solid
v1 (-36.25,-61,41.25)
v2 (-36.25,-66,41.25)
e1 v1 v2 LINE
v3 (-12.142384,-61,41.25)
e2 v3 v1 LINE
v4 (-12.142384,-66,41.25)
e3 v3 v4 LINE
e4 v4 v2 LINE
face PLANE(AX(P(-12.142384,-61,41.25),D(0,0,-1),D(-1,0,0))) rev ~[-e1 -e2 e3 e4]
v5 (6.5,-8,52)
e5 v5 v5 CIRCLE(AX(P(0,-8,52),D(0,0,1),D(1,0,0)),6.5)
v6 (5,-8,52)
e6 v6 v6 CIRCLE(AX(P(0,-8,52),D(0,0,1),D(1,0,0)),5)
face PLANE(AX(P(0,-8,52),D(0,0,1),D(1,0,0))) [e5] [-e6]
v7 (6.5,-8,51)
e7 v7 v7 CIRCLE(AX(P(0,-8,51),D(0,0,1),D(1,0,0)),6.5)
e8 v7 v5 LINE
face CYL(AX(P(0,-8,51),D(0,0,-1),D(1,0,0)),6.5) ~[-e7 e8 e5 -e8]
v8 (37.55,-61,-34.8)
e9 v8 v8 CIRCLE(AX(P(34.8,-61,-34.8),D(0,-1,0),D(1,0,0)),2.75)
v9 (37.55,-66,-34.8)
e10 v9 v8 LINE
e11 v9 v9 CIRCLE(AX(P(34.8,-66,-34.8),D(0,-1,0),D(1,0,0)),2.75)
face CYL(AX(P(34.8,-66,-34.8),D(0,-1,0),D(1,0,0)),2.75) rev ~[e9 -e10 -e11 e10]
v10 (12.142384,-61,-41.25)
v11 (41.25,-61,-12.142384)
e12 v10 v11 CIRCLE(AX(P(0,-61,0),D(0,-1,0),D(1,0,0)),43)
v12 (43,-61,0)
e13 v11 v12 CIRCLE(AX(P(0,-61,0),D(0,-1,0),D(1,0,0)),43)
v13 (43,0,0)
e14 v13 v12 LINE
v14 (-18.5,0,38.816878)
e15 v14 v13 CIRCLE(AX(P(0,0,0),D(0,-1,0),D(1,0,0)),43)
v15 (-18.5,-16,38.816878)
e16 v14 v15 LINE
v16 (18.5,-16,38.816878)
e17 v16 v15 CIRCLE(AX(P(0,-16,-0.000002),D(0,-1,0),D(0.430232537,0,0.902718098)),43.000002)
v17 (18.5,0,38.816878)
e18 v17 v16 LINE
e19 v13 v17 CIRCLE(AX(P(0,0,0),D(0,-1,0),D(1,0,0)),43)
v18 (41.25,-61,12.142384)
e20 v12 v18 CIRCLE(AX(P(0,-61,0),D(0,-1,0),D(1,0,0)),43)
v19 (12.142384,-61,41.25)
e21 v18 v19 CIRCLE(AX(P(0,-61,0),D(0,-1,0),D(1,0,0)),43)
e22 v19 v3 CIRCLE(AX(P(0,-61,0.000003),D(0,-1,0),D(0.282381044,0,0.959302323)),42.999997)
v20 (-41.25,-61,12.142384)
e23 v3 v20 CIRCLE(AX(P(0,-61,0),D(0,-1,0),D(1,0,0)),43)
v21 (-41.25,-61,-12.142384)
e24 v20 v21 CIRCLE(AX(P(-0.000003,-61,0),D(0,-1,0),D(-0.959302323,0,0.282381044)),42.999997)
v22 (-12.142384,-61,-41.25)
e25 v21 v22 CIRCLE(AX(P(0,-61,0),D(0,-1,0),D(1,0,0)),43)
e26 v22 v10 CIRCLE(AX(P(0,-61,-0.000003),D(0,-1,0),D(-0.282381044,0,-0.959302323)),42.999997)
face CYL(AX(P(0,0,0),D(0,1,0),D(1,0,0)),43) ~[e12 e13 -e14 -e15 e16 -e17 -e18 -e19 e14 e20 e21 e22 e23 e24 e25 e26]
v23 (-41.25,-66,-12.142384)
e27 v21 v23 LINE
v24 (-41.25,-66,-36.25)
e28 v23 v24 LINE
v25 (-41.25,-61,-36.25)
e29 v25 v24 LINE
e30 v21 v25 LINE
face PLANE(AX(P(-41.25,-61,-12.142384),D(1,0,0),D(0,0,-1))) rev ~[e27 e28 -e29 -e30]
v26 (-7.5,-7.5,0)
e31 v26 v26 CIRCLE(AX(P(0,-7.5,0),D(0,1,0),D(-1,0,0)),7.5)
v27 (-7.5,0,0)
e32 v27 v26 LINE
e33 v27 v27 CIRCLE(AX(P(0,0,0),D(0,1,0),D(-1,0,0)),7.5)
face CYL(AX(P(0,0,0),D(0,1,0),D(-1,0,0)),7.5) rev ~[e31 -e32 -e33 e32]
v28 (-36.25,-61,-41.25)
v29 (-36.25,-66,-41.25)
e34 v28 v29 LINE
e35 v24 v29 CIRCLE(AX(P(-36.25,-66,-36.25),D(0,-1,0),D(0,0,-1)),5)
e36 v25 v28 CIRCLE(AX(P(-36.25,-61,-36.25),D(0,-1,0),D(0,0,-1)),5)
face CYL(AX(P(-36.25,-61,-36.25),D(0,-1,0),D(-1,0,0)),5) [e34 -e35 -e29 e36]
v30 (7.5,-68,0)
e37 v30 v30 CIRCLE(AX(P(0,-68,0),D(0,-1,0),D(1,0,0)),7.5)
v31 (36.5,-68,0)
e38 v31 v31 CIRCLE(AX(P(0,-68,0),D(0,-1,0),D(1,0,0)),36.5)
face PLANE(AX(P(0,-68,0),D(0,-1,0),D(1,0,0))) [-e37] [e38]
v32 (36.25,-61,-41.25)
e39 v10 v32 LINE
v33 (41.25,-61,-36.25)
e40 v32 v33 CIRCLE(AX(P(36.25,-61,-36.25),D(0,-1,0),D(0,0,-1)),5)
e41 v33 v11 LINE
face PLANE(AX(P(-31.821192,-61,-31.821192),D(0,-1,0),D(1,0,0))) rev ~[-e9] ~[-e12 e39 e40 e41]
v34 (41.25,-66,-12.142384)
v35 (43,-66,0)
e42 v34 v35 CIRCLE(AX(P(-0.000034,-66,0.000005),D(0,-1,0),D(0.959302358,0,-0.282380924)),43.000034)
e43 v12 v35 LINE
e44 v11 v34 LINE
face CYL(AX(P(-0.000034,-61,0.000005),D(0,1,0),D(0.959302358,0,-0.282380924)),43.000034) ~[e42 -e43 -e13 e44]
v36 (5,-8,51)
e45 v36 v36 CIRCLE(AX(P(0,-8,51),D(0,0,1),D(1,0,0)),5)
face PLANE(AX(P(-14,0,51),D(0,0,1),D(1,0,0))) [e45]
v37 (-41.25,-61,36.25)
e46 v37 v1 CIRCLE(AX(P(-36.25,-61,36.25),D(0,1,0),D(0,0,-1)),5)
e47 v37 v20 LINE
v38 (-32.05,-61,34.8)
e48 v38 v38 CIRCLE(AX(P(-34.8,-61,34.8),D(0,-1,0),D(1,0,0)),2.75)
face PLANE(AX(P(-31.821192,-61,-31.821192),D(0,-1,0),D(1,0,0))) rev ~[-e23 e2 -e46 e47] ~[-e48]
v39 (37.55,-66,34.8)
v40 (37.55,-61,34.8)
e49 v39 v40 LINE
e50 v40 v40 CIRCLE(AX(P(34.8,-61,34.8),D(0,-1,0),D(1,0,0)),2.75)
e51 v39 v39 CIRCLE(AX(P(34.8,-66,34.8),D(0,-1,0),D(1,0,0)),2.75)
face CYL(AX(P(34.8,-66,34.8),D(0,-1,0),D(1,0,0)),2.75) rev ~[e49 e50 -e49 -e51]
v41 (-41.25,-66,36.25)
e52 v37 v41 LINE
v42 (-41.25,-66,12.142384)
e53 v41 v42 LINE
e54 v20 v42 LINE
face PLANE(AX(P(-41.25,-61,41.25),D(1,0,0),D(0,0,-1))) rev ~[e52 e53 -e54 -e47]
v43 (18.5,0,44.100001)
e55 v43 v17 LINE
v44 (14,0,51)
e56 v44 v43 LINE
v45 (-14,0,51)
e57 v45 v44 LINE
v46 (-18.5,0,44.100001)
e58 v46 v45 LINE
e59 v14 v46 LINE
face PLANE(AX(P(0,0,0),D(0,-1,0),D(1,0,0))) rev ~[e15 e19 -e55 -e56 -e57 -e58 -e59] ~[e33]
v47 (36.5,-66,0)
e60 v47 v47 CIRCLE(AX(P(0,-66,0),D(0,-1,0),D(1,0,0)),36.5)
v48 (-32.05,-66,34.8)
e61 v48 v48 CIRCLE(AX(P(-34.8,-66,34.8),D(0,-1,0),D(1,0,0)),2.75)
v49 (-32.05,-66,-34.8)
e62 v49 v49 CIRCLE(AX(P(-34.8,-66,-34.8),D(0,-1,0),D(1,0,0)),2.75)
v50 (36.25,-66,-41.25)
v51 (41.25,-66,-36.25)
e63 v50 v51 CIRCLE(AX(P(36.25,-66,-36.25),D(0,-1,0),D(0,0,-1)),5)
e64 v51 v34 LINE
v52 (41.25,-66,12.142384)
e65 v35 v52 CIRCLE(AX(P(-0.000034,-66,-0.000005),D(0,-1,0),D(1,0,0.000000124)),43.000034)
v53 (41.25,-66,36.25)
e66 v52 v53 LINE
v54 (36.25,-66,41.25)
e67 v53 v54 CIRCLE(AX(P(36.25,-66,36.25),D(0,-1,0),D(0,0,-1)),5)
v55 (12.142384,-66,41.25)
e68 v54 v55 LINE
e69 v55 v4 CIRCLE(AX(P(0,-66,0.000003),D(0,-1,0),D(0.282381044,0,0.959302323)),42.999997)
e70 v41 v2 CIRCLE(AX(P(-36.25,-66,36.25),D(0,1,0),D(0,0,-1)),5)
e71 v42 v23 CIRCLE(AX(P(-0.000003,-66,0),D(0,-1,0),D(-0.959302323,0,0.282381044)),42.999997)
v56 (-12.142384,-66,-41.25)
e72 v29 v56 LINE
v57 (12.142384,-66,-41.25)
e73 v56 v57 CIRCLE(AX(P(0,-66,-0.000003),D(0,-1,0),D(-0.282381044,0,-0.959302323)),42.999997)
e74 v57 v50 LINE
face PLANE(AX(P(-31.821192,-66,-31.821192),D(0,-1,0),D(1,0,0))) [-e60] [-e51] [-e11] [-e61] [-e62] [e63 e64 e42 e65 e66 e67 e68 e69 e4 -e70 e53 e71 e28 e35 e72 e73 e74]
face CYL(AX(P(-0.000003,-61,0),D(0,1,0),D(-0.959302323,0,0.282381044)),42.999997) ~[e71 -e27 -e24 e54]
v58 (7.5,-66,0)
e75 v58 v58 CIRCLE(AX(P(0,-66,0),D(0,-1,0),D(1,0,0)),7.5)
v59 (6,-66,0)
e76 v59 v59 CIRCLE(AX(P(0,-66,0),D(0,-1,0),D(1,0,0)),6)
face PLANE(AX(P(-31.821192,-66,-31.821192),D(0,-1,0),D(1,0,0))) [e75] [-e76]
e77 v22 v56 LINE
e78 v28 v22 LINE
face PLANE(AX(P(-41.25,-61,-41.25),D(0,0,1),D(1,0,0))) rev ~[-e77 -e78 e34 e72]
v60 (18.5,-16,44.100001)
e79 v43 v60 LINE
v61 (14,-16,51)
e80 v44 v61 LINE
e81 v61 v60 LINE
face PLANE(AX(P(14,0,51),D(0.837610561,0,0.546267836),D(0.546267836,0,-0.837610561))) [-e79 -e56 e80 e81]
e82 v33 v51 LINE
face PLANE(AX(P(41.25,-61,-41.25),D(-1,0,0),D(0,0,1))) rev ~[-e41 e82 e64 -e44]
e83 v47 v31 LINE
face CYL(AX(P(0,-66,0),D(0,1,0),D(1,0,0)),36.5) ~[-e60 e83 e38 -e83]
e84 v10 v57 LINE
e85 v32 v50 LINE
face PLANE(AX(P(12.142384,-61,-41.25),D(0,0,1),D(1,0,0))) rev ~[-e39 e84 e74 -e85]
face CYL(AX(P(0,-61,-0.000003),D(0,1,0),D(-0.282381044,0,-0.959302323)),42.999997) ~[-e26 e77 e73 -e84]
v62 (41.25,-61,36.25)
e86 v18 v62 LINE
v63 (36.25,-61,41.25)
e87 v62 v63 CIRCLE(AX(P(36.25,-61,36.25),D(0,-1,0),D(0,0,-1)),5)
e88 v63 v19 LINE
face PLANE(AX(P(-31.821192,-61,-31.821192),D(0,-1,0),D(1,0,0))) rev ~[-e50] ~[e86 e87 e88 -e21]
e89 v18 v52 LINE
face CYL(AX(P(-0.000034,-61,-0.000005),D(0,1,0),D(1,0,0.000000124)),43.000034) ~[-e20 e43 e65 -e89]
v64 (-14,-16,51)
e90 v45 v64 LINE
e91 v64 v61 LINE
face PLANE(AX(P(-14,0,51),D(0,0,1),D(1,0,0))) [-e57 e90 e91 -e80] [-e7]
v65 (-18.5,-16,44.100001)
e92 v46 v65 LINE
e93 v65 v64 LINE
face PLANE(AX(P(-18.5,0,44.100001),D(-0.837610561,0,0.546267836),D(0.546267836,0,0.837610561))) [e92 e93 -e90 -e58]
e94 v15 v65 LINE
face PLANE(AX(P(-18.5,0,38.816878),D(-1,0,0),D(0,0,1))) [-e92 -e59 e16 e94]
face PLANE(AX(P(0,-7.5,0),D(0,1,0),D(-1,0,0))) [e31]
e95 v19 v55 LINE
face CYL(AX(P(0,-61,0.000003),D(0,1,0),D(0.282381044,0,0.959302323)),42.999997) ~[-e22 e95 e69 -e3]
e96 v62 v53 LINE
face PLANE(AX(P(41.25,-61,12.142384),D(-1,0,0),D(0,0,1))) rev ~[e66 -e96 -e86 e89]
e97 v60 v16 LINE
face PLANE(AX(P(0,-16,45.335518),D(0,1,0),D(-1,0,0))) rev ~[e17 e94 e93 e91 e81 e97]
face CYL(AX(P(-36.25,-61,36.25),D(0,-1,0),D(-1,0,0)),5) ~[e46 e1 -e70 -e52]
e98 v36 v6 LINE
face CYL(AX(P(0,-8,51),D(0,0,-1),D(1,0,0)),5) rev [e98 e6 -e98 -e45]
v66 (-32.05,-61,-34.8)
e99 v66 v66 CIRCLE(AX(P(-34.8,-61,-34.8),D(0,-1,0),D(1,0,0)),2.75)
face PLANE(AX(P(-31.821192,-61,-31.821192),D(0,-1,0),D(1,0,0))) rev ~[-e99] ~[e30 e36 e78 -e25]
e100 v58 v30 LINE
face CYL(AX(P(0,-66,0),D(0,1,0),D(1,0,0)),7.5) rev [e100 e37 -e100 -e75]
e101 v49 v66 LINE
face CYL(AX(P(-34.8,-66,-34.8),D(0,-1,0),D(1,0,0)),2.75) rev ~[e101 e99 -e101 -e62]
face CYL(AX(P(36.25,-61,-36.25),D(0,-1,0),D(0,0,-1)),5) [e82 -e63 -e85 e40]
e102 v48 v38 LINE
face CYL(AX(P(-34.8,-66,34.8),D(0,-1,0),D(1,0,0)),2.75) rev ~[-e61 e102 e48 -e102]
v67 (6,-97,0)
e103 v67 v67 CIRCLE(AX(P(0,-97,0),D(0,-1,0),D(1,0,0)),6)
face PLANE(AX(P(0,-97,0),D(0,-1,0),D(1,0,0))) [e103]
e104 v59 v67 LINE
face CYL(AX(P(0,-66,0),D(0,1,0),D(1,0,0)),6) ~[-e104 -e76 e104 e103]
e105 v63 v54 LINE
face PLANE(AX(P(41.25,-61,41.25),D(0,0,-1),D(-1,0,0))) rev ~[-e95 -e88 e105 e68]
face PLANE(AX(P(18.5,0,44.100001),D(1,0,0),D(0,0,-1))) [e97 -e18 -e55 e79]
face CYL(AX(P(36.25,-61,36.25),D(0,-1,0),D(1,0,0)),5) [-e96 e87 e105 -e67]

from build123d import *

# Parameters (mm, degrees)
F0_R      = 43
F1_DEPTH  = 61
F2_R      = 7.5
F3_DEPTH  = 7.5
F5_DEPTH  = 5
F6_R      = 5
F7_R      = 2.75
F8_DEPTH  = 66.001
F9_R      = 36.5
F9_R_2    = 7.5
F10_DEPTH = 2
F11_R     = 6
F12_DEPTH = 31
F14_DEPTH = 16
F15_R     = 6.5
F15_R_2   = 5
F16_DEPTH = 1


with BuildPart() as f1:
    # F0 (on Front) → F1 (new body)
    with BuildSketch(Plane.XZ):
        Circle(F0_R)
    extrude(amount=F1_DEPTH)

    # F2 (on face) → F3 (cut)
    with BuildSketch(Plane(origin=(0, 0, 0), x_dir=(-1, 0, 0), z_dir=(0, 1, 0))):
        Circle(F2_R)
    extrude(amount=-F3_DEPTH, mode=Mode.SUBTRACT)

    # F4 (on face) → F5 (join)
    with BuildSketch(Plane.XZ.offset(61)):
        with BuildLine():
            Line((-41.25, -12.142384), (-41.25, -41.25))
            Line((-41.25, -41.25), (-12.142384, -41.25))
            ThreePointArc((-12.142384, -41.25), (-30.405592, -30.405592), (-41.25, -12.142384))
        make_face()
        with BuildLine():
            ThreePointArc((-41.25, -12.142384), (-30.405592, -30.405592), (-12.142384, -41.25))
            ThreePointArc((-12.142384, -41.25), (0, -43), (12.142384, -41.25))
            ThreePointArc((12.142384, -41.25), (30.405592, -30.405592), (41.25, -12.142384))
            ThreePointArc((41.25, -12.142384), (42.560251, -6.133922), (43, 0))
            ThreePointArc((43, 0), (42.560251, 6.133922), (41.25, 12.142384))
            ThreePointArc((41.25, 12.142384), (30.405592, 30.405592), (12.142384, 41.25))
            ThreePointArc((12.142384, 41.25), (0, 43), (-12.142384, 41.25))
            ThreePointArc((-12.142384, 41.25), (-30.405592, 30.405592), (-41.25, 12.142384))
            ThreePointArc((-41.25, 12.142384), (-43, 0), (-41.25, -12.142384))
        make_face()
        with BuildLine():
            ThreePointArc((41.25, -12.142384), (30.405592, -30.405592), (12.142384, -41.25))
            Line((12.142384, -41.25), (41.25, -41.25))
            Line((41.25, -41.25), (41.25, -12.142384))
        make_face()
        with BuildLine():
            Line((-41.25, 41.25), (-41.25, 12.142384))
            ThreePointArc((-41.25, 12.142384), (-30.405592, 30.405592), (-12.142384, 41.25))
            Line((-12.142384, 41.25), (-41.25, 41.25))
        make_face()
        with BuildLine():
            Line((41.25, 41.25), (12.142384, 41.25))
            ThreePointArc((12.142384, 41.25), (30.405592, 30.405592), (41.25, 12.142384))
            Line((41.25, 12.142384), (41.25, 41.25))
        make_face()
    extrude(amount=F5_DEPTH)

    # F6
    f6_edges = [f1.edges().sort_by_distance(p)[0] for p in [
        (41.25, -63.5, -41.25),
        (-41.25, -63.5, -41.25),
        (-41.25, -63.5, 41.25),
        (41.25, -63.5, 41.25),
    ]]
    fillet(f6_edges, radius=F6_R)

    # F7 (on face) → F8 (cut, through all)
    with BuildSketch(Plane.XZ.offset(66)):
        with Locations((-34.8, 34.8)):
            Circle(F7_R)
        with Locations((34.8, 34.8)):
            Circle(F7_R)
        with Locations((34.8, -34.8)):
            Circle(F7_R)
        with Locations((-34.8, -34.8)):
            Circle(F7_R)
    extrude(amount=-F8_DEPTH, mode=Mode.SUBTRACT)

    # F9 (on face) → F10 (join)
    with BuildSketch(Plane.XZ.offset(66)):
        Circle(F9_R)
        Circle(F9_R_2, mode=Mode.SUBTRACT)
    extrude(amount=F10_DEPTH)

    # F11 (on face) → F12 (join)
    with BuildSketch(Plane.XZ.offset(66)):
        Circle(F11_R)
    extrude(amount=F12_DEPTH)

    # F13 (on face) → F14 (join)
    with BuildSketch(Plane(origin=(0, 0, 0), x_dir=(-1, 0, 0), z_dir=(0, 1, 0))):
        with BuildLine():
            Line((-18.5, 44.100001), (-18.5, 38.816878))
            ThreePointArc((-18.5, 38.816878), (0, 43), (18.5, 38.816878))
            Line((18.5, 38.816878), (18.5, 44.100001))
            Line((18.5, 44.100001), (14, 51))
            Line((14, 51), (0, 51))
            Line((0, 51), (-14, 51))
            Line((-14, 51), (-18.5, 44.100001))
        make_face()
    extrude(amount=-F14_DEPTH)

    # F15 (on face) → F16 (join)
    with BuildSketch(Plane.XY.offset(51)):
        with Locations((0, -8)):
            Circle(F15_R)
        with Locations((0, -8)):
            Circle(F15_R_2, mode=Mode.SUBTRACT)
    extrude(amount=F16_DEPTH)


solid = f1.part
